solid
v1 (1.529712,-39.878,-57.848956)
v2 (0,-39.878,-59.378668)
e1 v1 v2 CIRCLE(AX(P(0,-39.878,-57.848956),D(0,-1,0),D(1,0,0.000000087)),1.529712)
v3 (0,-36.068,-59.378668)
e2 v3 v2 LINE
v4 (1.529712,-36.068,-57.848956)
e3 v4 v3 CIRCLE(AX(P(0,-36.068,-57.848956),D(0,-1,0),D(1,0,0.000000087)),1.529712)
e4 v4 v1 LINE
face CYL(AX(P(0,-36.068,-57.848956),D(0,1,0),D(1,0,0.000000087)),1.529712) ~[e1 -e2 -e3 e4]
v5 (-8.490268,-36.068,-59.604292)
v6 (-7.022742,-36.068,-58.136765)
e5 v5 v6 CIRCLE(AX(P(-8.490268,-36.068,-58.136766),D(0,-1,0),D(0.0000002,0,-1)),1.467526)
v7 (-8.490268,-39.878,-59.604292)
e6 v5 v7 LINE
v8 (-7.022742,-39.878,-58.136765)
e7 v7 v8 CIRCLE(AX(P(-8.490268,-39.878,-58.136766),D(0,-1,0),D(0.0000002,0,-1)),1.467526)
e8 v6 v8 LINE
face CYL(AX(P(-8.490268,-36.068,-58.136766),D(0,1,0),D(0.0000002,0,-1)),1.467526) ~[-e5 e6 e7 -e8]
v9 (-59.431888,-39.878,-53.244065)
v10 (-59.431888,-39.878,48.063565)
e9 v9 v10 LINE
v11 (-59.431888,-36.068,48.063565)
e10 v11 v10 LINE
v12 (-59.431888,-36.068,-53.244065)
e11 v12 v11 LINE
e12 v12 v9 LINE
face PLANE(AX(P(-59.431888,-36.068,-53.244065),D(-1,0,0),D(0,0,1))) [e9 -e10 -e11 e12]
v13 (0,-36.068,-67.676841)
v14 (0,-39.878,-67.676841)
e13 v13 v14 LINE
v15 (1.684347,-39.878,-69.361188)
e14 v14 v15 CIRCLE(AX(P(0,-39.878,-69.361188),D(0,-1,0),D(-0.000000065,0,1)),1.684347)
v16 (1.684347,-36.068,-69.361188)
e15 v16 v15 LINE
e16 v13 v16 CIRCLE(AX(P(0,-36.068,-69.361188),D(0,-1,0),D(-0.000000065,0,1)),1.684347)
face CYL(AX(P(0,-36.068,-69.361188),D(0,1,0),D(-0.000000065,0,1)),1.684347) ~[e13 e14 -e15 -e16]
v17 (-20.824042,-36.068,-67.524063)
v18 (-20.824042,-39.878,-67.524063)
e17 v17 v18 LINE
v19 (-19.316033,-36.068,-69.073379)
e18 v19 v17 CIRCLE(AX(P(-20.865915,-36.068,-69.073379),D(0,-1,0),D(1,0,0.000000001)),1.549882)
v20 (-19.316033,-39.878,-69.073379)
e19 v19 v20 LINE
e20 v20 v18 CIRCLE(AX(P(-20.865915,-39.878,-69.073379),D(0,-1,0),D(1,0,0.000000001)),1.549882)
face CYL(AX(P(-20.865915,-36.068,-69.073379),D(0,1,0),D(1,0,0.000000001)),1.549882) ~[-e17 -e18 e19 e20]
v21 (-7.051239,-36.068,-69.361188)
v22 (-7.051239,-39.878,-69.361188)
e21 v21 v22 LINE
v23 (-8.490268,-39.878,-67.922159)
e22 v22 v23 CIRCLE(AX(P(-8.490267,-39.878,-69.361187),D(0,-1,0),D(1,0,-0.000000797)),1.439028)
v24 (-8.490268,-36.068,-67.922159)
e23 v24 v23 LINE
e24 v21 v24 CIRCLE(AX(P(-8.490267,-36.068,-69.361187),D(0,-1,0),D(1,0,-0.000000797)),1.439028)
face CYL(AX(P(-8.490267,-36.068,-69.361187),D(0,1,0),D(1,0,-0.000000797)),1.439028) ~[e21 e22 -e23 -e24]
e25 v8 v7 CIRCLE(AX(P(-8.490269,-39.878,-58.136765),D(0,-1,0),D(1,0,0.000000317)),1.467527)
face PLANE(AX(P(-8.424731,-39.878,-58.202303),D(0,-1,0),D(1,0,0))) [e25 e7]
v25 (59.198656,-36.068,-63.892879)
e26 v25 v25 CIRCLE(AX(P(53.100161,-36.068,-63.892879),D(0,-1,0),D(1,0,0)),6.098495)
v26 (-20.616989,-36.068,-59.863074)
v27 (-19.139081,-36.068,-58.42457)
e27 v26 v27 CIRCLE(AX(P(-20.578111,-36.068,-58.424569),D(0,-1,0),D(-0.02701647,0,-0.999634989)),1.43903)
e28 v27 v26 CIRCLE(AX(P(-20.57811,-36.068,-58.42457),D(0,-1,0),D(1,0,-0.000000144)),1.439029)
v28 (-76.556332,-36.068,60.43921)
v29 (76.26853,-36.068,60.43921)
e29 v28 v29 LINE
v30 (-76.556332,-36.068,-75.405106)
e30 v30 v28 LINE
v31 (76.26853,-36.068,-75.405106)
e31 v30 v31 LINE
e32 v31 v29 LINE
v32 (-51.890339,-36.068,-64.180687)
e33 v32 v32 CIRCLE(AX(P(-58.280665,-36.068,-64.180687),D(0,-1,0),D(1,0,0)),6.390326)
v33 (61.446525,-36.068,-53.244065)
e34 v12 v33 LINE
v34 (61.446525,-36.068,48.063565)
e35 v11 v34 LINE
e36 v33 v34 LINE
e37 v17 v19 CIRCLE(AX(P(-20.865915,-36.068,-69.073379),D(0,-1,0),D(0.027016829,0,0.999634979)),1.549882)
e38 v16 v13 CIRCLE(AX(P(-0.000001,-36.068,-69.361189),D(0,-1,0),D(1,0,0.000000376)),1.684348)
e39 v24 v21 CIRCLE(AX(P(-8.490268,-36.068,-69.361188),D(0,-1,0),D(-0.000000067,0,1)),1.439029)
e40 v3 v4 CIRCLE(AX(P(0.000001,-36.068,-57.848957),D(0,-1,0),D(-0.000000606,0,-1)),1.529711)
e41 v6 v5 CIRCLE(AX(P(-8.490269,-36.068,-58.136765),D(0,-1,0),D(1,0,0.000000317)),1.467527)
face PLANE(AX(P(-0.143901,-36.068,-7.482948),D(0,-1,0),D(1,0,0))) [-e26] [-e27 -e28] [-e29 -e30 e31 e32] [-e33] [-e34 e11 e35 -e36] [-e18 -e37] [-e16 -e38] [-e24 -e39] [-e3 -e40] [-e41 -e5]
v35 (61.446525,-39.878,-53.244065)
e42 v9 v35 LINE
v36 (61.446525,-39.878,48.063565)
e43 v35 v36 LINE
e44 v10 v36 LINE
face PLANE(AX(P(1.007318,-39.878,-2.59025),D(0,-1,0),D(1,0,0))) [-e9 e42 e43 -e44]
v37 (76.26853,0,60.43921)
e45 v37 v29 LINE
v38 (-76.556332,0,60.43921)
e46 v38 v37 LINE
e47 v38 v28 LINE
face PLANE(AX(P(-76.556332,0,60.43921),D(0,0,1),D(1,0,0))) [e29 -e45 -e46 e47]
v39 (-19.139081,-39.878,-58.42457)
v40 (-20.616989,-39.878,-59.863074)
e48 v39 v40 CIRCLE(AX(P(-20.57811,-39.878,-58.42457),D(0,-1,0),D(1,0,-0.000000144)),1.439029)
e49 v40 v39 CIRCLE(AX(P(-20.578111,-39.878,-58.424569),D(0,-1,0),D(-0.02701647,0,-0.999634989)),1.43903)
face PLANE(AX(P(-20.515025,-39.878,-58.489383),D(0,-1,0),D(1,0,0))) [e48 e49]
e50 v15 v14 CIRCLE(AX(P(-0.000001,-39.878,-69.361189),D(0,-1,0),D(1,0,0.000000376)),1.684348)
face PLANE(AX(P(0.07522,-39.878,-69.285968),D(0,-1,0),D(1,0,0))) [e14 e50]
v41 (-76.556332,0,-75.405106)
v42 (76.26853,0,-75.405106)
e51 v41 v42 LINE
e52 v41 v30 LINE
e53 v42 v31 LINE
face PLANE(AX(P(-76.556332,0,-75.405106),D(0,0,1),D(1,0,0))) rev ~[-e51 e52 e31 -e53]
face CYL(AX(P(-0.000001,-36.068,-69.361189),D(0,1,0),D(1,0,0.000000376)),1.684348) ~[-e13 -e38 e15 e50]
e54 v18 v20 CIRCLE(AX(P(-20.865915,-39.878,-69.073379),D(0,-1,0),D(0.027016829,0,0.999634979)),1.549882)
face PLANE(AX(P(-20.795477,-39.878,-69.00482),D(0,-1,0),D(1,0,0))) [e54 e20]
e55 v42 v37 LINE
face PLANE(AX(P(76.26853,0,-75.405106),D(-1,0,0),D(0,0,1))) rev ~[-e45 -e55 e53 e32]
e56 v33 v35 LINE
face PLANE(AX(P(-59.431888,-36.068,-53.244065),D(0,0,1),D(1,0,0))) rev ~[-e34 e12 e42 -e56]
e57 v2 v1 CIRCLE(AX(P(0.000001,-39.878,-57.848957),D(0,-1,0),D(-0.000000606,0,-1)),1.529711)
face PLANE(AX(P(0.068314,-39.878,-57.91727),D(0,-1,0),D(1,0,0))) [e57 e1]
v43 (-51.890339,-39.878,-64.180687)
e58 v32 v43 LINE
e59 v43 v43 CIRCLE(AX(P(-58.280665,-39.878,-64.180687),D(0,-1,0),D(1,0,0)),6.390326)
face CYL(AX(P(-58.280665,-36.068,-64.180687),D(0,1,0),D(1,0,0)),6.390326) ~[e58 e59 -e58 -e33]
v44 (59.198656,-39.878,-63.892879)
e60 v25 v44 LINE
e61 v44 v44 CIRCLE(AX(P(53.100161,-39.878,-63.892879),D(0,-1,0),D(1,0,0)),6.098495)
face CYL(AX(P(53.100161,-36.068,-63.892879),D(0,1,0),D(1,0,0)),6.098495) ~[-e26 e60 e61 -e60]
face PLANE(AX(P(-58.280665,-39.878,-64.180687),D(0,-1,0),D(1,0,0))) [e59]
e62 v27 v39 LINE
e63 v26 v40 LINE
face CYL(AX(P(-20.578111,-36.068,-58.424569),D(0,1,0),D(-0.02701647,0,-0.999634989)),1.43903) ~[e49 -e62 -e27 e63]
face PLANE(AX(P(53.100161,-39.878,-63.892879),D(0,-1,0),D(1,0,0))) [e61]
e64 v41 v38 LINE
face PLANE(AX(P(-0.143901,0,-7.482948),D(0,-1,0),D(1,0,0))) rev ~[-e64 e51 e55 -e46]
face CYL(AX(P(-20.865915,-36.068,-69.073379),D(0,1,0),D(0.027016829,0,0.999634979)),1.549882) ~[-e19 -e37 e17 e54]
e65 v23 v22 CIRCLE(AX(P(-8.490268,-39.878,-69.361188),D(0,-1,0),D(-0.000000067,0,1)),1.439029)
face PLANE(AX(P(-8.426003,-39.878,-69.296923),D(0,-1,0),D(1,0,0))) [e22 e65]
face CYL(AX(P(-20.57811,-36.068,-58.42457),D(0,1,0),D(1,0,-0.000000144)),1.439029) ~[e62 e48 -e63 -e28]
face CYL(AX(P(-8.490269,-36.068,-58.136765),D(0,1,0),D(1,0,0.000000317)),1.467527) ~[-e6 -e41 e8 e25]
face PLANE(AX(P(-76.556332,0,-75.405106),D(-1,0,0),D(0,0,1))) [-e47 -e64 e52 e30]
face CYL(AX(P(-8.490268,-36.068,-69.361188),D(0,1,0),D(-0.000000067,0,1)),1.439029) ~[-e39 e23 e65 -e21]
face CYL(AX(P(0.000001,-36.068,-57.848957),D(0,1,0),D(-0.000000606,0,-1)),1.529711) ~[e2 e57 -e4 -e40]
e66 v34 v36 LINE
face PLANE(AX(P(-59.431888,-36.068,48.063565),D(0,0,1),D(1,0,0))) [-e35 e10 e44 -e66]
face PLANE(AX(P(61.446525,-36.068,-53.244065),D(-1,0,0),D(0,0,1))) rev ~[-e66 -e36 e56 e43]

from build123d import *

# Parameters (mm, degrees)
F0_W     = 152.824863
F0_H     = 135.844316
F1_DEPTH = 36.068
F2_W     = 120.878413
F2_H     = 101.30763
F2_R     = 6.390326
F2_R_2   = 6.098495
F3_DEPTH = 3.81


with BuildPart() as f1:
    # F0 (on Front) → F1 (new body)
    with BuildSketch(Plane.XZ):
        with Locations((-0.143901, -7.482948)):
            Rectangle(F0_W, F0_H)
    extrude(amount=F1_DEPTH)

    # F2 (on face) → F3 (join)
    with BuildSketch(Plane.XZ.offset(36.068)):
        with Locations((1.007318, -2.59025)):
            Rectangle(F2_W, F2_H)
        with Locations((-58.280665, -64.180687)):
            Circle(F2_R)
        with Locations((53.100161, -63.892879)):
            Circle(F2_R_2)
        with BuildLine():
            ThreePointArc((-20.616989, -59.863074), (-19.574403, -59.455771), (-19.139081, -58.42457))
            ThreePointArc((-19.139081, -58.42457), (-21.581818, -57.393368), (-20.616989, -59.863074))
        make_face()
        with BuildLine():
            ThreePointArc((-19.316033, -69.073379), (-19.755277, -67.992353), (-20.824042, -67.524063))
            ThreePointArc((-20.824042, -67.524063), (-21.976553, -70.154405), (-19.316033, -69.073379))
        make_face()
        with BuildLine():
            ThreePointArc((-8.490268, -67.922159), (-9.507815, -70.378735), (-7.051239, -69.361188))
            ThreePointArc((-7.051239, -69.361188), (-7.472721, -68.34364), (-8.490268, -67.922159))
        make_face()
        with BuildLine():
            ThreePointArc((-7.022742, -58.136765), (-9.527966, -57.099067), (-8.490268, -59.604292))
            ThreePointArc((-8.490268, -59.604292), (-7.45257, -59.174463), (-7.022742, -58.136765))
        make_face()
        with BuildLine():
            ThreePointArc((0, -59.378668), (1.08167, -58.930626), (1.529712, -57.848956))
            ThreePointArc((1.529712, -57.848956), (-1.08167, -56.767287), (0, -59.378668))
        make_face()
        with BuildLine():
            ThreePointArc((1.684347, -69.361188), (1.191013, -68.170175), (0, -67.676841))
            ThreePointArc((0, -67.676841), (-1.191013, -70.552201), (1.684347, -69.361188))
        make_face()
    extrude(amount=F3_DEPTH)


solid = f1.part
